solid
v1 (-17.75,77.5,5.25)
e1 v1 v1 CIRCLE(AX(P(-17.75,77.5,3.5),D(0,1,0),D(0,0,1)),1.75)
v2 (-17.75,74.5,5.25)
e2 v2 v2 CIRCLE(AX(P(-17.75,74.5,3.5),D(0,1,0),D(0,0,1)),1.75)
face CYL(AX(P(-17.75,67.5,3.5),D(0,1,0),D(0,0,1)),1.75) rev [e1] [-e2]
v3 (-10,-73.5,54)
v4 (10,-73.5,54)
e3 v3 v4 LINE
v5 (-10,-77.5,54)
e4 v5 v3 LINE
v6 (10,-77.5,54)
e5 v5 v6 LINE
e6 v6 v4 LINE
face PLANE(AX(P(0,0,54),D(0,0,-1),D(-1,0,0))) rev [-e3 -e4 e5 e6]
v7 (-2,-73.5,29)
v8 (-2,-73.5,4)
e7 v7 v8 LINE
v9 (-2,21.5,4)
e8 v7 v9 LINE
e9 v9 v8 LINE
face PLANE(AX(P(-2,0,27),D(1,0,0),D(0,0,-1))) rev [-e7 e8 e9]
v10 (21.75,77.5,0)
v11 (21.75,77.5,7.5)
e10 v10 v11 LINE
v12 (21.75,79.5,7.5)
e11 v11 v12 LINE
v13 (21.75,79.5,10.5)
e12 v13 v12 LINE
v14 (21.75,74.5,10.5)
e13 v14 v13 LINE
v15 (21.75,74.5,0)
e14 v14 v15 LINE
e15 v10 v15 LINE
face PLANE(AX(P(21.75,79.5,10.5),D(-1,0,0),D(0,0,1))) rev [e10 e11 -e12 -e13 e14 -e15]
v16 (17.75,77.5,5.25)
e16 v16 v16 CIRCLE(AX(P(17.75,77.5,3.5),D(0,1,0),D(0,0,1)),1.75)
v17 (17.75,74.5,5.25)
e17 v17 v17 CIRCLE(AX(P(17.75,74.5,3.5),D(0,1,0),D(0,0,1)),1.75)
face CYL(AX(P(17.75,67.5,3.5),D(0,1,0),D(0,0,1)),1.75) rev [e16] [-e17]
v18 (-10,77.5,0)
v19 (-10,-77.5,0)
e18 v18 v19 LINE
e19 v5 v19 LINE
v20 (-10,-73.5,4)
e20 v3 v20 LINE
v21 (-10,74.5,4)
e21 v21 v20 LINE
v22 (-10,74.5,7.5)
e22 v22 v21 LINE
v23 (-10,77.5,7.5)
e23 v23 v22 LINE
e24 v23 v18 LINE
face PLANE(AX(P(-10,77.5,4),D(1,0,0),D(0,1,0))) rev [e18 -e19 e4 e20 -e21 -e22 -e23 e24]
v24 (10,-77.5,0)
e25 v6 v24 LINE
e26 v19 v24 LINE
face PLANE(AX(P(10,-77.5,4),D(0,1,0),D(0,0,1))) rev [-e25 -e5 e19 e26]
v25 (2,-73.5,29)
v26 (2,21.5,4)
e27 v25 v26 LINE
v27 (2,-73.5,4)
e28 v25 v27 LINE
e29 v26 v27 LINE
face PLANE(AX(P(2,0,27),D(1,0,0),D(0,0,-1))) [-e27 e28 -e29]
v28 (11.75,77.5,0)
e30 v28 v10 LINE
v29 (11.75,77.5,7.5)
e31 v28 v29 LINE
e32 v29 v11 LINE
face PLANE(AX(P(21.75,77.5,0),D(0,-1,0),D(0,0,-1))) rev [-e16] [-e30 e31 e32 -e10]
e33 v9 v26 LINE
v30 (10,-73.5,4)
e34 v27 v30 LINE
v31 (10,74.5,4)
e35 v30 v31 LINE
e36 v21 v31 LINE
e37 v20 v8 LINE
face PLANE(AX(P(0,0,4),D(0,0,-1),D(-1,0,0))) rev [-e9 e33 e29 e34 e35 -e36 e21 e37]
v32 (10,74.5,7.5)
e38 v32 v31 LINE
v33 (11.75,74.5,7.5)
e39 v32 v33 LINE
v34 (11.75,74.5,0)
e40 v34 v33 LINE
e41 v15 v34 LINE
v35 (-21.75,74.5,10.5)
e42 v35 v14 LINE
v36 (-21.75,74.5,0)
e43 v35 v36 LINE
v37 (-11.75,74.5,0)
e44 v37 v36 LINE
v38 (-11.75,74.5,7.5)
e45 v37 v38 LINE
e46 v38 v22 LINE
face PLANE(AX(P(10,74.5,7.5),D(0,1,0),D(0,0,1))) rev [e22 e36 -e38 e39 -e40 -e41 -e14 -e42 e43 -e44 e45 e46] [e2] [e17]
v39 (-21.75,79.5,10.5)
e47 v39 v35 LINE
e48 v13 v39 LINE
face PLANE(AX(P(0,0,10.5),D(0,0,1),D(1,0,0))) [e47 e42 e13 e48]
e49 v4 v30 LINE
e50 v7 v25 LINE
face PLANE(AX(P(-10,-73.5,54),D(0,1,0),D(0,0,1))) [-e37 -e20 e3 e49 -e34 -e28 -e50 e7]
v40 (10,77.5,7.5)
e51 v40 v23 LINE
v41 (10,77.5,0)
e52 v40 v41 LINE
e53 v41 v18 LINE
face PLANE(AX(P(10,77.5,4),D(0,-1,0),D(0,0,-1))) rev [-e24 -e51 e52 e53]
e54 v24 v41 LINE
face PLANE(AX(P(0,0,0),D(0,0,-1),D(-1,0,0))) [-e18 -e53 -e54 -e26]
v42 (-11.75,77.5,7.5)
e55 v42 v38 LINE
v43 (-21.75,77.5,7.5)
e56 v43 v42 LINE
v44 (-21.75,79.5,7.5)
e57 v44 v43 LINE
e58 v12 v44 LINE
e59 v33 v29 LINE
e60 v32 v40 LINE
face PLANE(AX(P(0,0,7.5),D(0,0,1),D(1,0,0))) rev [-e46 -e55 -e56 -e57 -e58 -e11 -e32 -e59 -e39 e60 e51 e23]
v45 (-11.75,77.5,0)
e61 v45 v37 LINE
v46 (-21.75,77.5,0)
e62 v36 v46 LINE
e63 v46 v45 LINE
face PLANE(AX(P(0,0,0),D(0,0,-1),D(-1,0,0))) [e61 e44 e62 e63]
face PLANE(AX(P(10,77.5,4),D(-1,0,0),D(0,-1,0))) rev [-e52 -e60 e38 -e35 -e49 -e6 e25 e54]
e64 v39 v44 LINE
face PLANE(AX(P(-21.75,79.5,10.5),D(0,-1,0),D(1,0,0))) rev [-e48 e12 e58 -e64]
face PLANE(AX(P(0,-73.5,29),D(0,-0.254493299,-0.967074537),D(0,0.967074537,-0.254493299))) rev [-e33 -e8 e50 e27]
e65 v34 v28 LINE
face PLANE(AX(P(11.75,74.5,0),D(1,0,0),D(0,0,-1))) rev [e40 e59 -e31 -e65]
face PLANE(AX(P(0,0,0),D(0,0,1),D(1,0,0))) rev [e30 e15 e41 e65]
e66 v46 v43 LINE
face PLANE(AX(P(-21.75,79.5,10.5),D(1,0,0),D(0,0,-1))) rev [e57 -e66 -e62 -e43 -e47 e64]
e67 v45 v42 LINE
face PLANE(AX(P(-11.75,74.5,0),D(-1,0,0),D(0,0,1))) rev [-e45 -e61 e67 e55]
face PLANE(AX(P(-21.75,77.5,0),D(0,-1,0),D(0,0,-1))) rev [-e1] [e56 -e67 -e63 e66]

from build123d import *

# Parameters (mm, degrees)
SKETCH1_W           = 20
SKETCH1_H           = 155
BOSS_EXTRUDE1_DEPTH = 4
SKETCH2_W           = 20
SKETCH2_H           = 4
BOSS_EXTRUDE3_DEPTH = 50
RIB2_REACH          = 96.986
SKETCH7_WALL_W      = 290.205463948
SKETCH7_WALL_H      = 4
SKETCH8_W           = 20
SKETCH8_H           = 3
BOSS_EXTRUDE4_DEPTH = 3.5
BOSS_EXTRUDE6_DEPTH = 3
SKETCH10_W          = 10
SKETCH10_H          = 3
BOSS_EXTRUDE7_DEPTH = 7.5
SKETCH12_R          = 1.75
CUT_EXTRUDE1_DEPTH  = 10


with BuildPart() as part:
    # Sketch1 → Boss-Extrude1 (new body)
    with BuildSketch(Plane.XY):
        Rectangle(SKETCH1_W, SKETCH1_H)
    extrude(amount=BOSS_EXTRUDE1_DEPTH)

    # Sketch2 → Boss-Extrude3 (add)
    with BuildSketch(Plane.XY.offset(4)):
        with Locations((0, -75.5)):
            Rectangle(SKETCH2_W, SKETCH2_H)
    extrude(amount=BOSS_EXTRUDE3_DEPTH)

    # Sketch7 wall → Rib2 (add, up to next)
    with BuildSketch(Plane(origin=(0, -26, 16.5), x_dir=(0, 0.967074537263, -0.25449329928), z_dir=(0, 0.25449329928, 0.967074537263)), mode=Mode.PRIVATE) as rib2_sk1:
        Rectangle(SKETCH7_WALL_W, SKETCH7_WALL_H)
    rib2_tool1 = extrude(rib2_sk1.sketch, amount=-RIB2_REACH, mode=Mode.PRIVATE) - part.part
    add(rib2_tool1.solids().sort_by_distance((0, -26, 16.5))[0])

    # Sketch8 → Boss-Extrude4 (add)
    with BuildSketch(Plane.XY.offset(4)):
        with Locations((0, 76)):
            Rectangle(SKETCH8_W, SKETCH8_H)
    extrude(amount=BOSS_EXTRUDE4_DEPTH)

    # Sketch9 → Boss-Extrude6 (add)
    with BuildSketch(Plane.XY.offset(7.5)):
        Polygon((-21.75, 74.5), (0, 74.5), (21.75, 74.5), (21.75, 79.5), (-21.75, 79.5), align=None)
    extrude(amount=BOSS_EXTRUDE6_DEPTH)

    # Sketch10 → Boss-Extrude7 (add)
    with BuildSketch(Plane(origin=(0, 0, 7.5), x_dir=(-1, 0, 0), z_dir=(0, 0, -1))):
        with Locations((16.75, 76)):
            Rectangle(SKETCH10_W, SKETCH10_H)
        with Locations((-16.75, 76)):
            Rectangle(SKETCH10_W, SKETCH10_H)
    extrude(amount=BOSS_EXTRUDE7_DEPTH)

    # Sketch12 → Cut-Extrude1 (cut)
    with BuildSketch(Plane(origin=(0, 77.5, 0), x_dir=(1, 0, 0), z_dir=(0, 1, 0))):
        with Locations(Location((-17.75, -3.5, 0), (0, 0, 270))):
            Circle(SKETCH12_R)
        with Locations(Location((17.75, -3.5, 0), (0, 0, 270))):
            Circle(SKETCH12_R)
    extrude(amount=-CUT_EXTRUDE1_DEPTH, mode=Mode.SUBTRACT)


solid = part.part
